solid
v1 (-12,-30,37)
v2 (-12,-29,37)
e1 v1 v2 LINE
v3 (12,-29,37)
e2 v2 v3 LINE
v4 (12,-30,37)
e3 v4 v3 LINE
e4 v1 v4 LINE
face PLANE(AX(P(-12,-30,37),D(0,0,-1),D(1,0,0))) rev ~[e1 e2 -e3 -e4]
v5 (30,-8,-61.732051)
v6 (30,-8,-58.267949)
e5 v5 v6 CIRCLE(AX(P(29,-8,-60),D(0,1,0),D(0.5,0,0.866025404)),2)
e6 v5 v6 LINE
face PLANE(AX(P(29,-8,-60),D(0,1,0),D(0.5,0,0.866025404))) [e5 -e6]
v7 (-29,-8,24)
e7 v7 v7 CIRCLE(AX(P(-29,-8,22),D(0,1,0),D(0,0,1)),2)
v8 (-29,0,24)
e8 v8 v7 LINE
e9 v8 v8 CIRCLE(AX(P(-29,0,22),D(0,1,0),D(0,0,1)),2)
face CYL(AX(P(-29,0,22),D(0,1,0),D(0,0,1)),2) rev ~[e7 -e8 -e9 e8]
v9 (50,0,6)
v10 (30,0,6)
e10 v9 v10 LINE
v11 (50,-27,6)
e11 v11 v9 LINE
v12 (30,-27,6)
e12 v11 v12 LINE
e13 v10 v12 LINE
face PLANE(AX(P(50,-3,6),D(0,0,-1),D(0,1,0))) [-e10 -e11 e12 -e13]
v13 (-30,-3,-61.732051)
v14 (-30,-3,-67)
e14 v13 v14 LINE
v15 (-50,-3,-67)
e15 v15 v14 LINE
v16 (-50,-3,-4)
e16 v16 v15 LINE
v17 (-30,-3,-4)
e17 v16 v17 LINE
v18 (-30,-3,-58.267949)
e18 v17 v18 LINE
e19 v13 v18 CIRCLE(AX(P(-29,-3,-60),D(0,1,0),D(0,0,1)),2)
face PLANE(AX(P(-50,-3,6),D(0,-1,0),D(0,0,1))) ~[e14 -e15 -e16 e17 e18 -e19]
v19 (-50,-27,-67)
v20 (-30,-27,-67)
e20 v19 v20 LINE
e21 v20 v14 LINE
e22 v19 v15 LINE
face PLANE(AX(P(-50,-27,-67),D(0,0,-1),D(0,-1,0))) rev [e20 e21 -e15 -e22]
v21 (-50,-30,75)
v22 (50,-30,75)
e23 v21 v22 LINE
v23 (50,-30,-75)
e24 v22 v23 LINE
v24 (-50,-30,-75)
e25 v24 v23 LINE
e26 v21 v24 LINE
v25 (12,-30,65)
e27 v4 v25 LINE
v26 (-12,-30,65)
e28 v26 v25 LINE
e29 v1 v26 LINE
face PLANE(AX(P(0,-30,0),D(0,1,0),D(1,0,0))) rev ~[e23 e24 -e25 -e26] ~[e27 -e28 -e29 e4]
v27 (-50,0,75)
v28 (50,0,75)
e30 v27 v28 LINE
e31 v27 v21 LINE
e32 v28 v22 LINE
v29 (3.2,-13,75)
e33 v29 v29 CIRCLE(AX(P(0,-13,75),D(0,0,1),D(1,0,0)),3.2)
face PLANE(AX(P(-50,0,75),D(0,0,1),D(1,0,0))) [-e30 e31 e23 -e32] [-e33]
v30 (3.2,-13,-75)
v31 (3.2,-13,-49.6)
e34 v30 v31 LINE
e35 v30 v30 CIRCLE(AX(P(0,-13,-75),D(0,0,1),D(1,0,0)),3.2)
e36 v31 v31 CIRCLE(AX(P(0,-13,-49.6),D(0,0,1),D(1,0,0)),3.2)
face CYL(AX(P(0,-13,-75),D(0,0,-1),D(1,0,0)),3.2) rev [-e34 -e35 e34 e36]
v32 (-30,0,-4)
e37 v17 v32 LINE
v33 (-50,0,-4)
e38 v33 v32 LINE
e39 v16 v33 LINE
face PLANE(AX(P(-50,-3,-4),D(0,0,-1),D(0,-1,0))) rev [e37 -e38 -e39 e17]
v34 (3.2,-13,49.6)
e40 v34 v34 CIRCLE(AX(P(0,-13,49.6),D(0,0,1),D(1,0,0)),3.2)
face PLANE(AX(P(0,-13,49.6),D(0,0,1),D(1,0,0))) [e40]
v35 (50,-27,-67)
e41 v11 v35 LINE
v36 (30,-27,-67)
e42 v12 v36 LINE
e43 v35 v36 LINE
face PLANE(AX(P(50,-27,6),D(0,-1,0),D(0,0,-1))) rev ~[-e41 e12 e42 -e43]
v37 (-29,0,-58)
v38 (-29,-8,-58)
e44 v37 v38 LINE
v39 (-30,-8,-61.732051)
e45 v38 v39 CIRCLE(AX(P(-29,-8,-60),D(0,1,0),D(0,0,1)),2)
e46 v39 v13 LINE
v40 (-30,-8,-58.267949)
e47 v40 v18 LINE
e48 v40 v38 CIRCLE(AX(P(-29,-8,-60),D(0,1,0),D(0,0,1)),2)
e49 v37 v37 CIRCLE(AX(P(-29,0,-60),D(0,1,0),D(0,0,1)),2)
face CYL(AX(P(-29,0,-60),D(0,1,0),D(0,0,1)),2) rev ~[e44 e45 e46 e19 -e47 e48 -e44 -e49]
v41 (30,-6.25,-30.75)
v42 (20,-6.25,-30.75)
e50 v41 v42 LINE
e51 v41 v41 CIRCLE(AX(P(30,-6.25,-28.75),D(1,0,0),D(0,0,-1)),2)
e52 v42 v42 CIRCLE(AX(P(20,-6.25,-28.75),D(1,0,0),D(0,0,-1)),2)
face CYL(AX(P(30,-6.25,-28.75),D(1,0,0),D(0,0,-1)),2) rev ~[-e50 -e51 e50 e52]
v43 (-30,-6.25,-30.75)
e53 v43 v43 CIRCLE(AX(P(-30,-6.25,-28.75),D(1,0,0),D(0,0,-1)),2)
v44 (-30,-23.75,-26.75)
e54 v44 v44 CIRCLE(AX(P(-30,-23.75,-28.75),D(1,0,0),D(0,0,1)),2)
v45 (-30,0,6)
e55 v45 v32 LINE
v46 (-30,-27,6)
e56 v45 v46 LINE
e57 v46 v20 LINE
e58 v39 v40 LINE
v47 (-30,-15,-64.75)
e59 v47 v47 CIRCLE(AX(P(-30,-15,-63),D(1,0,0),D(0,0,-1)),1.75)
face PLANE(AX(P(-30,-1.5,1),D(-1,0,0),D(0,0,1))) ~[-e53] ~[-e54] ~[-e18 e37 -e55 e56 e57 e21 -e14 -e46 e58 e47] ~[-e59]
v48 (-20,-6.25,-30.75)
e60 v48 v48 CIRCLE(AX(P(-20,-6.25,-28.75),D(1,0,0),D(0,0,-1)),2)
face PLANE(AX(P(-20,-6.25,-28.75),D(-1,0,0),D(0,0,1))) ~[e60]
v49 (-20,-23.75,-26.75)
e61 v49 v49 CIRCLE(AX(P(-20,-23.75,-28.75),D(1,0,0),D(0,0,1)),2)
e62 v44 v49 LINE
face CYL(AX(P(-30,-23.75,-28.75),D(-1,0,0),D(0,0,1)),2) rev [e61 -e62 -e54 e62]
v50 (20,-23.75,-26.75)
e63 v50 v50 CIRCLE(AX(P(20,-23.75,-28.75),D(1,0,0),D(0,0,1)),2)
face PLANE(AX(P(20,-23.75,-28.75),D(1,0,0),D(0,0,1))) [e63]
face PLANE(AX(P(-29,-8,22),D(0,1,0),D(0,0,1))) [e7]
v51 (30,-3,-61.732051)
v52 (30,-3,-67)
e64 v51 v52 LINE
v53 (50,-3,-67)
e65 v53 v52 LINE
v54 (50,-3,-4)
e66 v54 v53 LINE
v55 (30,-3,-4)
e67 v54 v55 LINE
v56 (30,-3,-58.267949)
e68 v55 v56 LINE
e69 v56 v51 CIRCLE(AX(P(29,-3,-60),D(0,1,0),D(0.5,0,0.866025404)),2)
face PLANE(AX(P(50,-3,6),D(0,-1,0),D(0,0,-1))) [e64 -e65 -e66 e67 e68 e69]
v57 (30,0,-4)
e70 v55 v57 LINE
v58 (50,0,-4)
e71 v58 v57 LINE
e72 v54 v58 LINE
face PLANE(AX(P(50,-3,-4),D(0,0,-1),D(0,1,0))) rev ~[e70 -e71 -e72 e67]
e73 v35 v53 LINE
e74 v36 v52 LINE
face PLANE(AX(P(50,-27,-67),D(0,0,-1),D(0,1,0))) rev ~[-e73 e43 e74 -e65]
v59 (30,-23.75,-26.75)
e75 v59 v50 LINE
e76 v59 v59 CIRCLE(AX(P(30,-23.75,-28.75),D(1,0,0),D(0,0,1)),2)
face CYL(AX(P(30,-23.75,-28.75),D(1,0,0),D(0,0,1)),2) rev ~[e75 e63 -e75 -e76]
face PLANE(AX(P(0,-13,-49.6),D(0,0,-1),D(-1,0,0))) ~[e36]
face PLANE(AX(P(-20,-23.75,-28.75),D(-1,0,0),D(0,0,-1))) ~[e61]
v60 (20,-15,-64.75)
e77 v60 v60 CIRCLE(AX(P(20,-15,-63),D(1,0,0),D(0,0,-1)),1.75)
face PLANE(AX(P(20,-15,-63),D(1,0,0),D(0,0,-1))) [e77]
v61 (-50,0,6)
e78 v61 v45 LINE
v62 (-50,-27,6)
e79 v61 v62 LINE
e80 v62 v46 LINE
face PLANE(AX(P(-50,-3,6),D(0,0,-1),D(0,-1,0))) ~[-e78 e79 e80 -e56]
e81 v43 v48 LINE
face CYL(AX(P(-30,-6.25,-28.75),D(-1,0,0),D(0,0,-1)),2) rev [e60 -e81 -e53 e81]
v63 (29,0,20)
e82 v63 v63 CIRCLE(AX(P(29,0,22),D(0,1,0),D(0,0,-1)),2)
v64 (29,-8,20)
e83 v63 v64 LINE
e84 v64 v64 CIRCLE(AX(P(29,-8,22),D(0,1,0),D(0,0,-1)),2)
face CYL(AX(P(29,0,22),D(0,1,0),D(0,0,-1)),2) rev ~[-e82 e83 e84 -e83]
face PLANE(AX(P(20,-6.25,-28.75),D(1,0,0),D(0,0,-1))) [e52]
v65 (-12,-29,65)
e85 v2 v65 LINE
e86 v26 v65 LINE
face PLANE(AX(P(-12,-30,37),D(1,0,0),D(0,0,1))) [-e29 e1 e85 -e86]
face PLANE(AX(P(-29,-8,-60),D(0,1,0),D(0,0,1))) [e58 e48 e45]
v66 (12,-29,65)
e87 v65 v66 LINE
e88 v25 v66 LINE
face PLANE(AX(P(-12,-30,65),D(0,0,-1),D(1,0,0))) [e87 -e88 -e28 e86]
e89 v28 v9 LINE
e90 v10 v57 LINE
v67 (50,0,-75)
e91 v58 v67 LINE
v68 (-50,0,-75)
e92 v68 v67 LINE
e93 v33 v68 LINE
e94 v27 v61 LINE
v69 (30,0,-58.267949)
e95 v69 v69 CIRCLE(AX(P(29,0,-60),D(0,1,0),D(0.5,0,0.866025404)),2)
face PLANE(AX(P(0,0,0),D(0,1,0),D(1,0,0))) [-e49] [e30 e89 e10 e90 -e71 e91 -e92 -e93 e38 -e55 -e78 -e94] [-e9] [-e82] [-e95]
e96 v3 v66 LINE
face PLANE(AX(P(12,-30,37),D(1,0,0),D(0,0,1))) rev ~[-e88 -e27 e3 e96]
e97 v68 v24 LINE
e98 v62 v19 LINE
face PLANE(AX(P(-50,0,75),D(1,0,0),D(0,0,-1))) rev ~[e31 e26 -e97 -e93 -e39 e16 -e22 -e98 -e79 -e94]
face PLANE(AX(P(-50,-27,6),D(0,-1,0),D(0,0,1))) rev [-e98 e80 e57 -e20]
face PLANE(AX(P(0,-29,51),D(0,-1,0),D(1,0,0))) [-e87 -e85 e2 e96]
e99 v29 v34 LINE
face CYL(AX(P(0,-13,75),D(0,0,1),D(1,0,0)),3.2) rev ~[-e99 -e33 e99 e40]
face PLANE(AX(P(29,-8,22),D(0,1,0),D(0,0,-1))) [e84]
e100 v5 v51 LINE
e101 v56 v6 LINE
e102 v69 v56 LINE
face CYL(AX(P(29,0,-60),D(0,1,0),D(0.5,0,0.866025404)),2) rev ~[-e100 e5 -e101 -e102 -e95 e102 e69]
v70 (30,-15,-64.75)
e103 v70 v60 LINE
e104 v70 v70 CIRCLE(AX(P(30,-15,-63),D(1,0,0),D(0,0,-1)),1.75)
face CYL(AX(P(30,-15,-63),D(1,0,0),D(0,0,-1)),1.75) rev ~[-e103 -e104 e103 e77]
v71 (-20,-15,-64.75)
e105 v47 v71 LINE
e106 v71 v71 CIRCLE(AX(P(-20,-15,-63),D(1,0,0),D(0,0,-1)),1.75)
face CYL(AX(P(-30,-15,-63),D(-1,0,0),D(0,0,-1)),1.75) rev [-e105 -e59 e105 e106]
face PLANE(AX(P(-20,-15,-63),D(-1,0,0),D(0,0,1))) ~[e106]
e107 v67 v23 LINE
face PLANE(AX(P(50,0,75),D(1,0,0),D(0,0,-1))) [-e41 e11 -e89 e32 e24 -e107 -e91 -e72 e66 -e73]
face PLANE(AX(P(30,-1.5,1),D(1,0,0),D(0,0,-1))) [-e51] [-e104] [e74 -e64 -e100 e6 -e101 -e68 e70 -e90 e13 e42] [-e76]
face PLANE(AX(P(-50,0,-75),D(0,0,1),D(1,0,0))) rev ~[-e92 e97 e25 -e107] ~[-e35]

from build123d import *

# Parameters (mm, degrees)
SKETCH1_W                    = 100
SKETCH1_H                    = 150
BOX_DEPTH                    = 30
SKETCH2_W                    = 73
SKETCH2_H                    = 24
MOTOR_COMPARTMENT_DEPTH      = 20
SKETCH3_W                    = 10
SKETCH3_H                    = 3
MOTOR_WIRE_PASSTHROUGH_DEPTH = 20
SKETCH4_R                    = 1.75
SKETCH4_R_2                  = 2
MOTOR_SCREW_MOUNT_DEPTH      = 10
SKETCH5_R                    = 2
MAKER_PI_MOUNT_HOLES_DEPTH   = 8
SKETCH6_W                    = 24
SKETCH6_H                    = 28
CASTER_MOUNT_DEPTH           = 1
SKETCH7_R                    = 3.2
FRONT_MOUNT_HOLE_DEPTH       = 25.4


with BuildPart() as part:
    # Sketch1 → box (new body)
    with BuildSketch(Plane(origin=(0, 0, 0), x_dir=(1, 0, 0), z_dir=(0, 1, 0))):
        Rectangle(SKETCH1_W, SKETCH1_H)
    extrude(amount=-BOX_DEPTH)

    # Sketch2 → motor compartment (cut)
    with BuildSketch(Plane(origin=(50, 0, 0), x_dir=(0, 0, -1), z_dir=(1, 0, 0))):
        with Locations((30.5, -15)):
            Rectangle(SKETCH2_W, SKETCH2_H)
    motor_compartment = extrude(amount=-MOTOR_COMPARTMENT_DEPTH, mode=Mode.SUBTRACT)

    # Sketch3 → motor wire passthrough (cut)
    with BuildSketch(Plane(origin=(50, 0, 0), x_dir=(0, 0, -1), z_dir=(1, 0, 0))):
        with Locations((-1, -1.5)):
            Rectangle(SKETCH3_W, SKETCH3_H)
    motor_wire_passthrough = extrude(amount=-MOTOR_WIRE_PASSTHROUGH_DEPTH, mode=Mode.SUBTRACT)

    # Sketch4 → motor screw mount (cut)
    with BuildSketch(Plane(origin=(30, 0, 0), x_dir=(0, 0, -1), z_dir=(1, 0, 0))):
        with Locations((63, -15)):
            Circle(SKETCH4_R)
        with Locations((28.75, -6.25)):
            Circle(SKETCH4_R_2)
        with Locations(Location((28.75, -23.75, 0), (0, 0, 180))):
            Circle(SKETCH4_R_2)
    motor_screw_mount = extrude(amount=-MOTOR_SCREW_MOUNT_DEPTH, mode=Mode.SUBTRACT)

    # motor compartment mirror: motor compartment, motor wire passthrough, motor screw mount across plane
    add(motor_compartment.mirror(Plane(origin=(0, 0, 0), x_dir=(0, 0, 1), z_dir=(1, 0, 0))), mode=Mode.SUBTRACT)
    add(motor_wire_passthrough.mirror(Plane(origin=(0, 0, 0), x_dir=(0, 0, 1), z_dir=(1, 0, 0))), mode=Mode.SUBTRACT)
    add(motor_screw_mount.mirror(Plane(origin=(0, 0, 0), x_dir=(0, 0, 1), z_dir=(1, 0, 0))), mode=Mode.SUBTRACT)

    # Sketch5 → Maker Pi mount holes (cut)
    with BuildSketch(Plane(origin=(0, 0, 0), x_dir=(1, 0, 0), z_dir=(0, 1, 0))):
        with Locations(Location((-29, 60, 0), (0, 0, 270))):
            Circle(SKETCH5_R)
        with Locations(Location((-29, -22, 0), (0, 0, 270))):
            Circle(SKETCH5_R)
        with Locations(Location((29, 60, 0), (0, 0, 300))):
            Circle(SKETCH5_R)
        with Locations(Location((29, -22, 0), (0, 0, 90))):
            Circle(SKETCH5_R)
    extrude(amount=-MAKER_PI_MOUNT_HOLES_DEPTH, mode=Mode.SUBTRACT)

    # Sketch6 → caster mount (cut)
    with BuildSketch(Plane.XZ.offset(30)):
        with Locations((0, 51)):
            Rectangle(SKETCH6_W, SKETCH6_H)
    extrude(amount=-CASTER_MOUNT_DEPTH, mode=Mode.SUBTRACT)

    # Sketch7 → front mount hole (cut)
    with BuildSketch(Plane.XY.offset(75)):
        with Locations((0, -13)):
            Circle(SKETCH7_R)
    front_mount_hole = extrude(amount=-FRONT_MOUNT_HOLE_DEPTH, mode=Mode.SUBTRACT)

    # back mount hole: front mount hole across plane
    add(front_mount_hole.mirror(Plane.XY), mode=Mode.SUBTRACT)


solid = part.part
